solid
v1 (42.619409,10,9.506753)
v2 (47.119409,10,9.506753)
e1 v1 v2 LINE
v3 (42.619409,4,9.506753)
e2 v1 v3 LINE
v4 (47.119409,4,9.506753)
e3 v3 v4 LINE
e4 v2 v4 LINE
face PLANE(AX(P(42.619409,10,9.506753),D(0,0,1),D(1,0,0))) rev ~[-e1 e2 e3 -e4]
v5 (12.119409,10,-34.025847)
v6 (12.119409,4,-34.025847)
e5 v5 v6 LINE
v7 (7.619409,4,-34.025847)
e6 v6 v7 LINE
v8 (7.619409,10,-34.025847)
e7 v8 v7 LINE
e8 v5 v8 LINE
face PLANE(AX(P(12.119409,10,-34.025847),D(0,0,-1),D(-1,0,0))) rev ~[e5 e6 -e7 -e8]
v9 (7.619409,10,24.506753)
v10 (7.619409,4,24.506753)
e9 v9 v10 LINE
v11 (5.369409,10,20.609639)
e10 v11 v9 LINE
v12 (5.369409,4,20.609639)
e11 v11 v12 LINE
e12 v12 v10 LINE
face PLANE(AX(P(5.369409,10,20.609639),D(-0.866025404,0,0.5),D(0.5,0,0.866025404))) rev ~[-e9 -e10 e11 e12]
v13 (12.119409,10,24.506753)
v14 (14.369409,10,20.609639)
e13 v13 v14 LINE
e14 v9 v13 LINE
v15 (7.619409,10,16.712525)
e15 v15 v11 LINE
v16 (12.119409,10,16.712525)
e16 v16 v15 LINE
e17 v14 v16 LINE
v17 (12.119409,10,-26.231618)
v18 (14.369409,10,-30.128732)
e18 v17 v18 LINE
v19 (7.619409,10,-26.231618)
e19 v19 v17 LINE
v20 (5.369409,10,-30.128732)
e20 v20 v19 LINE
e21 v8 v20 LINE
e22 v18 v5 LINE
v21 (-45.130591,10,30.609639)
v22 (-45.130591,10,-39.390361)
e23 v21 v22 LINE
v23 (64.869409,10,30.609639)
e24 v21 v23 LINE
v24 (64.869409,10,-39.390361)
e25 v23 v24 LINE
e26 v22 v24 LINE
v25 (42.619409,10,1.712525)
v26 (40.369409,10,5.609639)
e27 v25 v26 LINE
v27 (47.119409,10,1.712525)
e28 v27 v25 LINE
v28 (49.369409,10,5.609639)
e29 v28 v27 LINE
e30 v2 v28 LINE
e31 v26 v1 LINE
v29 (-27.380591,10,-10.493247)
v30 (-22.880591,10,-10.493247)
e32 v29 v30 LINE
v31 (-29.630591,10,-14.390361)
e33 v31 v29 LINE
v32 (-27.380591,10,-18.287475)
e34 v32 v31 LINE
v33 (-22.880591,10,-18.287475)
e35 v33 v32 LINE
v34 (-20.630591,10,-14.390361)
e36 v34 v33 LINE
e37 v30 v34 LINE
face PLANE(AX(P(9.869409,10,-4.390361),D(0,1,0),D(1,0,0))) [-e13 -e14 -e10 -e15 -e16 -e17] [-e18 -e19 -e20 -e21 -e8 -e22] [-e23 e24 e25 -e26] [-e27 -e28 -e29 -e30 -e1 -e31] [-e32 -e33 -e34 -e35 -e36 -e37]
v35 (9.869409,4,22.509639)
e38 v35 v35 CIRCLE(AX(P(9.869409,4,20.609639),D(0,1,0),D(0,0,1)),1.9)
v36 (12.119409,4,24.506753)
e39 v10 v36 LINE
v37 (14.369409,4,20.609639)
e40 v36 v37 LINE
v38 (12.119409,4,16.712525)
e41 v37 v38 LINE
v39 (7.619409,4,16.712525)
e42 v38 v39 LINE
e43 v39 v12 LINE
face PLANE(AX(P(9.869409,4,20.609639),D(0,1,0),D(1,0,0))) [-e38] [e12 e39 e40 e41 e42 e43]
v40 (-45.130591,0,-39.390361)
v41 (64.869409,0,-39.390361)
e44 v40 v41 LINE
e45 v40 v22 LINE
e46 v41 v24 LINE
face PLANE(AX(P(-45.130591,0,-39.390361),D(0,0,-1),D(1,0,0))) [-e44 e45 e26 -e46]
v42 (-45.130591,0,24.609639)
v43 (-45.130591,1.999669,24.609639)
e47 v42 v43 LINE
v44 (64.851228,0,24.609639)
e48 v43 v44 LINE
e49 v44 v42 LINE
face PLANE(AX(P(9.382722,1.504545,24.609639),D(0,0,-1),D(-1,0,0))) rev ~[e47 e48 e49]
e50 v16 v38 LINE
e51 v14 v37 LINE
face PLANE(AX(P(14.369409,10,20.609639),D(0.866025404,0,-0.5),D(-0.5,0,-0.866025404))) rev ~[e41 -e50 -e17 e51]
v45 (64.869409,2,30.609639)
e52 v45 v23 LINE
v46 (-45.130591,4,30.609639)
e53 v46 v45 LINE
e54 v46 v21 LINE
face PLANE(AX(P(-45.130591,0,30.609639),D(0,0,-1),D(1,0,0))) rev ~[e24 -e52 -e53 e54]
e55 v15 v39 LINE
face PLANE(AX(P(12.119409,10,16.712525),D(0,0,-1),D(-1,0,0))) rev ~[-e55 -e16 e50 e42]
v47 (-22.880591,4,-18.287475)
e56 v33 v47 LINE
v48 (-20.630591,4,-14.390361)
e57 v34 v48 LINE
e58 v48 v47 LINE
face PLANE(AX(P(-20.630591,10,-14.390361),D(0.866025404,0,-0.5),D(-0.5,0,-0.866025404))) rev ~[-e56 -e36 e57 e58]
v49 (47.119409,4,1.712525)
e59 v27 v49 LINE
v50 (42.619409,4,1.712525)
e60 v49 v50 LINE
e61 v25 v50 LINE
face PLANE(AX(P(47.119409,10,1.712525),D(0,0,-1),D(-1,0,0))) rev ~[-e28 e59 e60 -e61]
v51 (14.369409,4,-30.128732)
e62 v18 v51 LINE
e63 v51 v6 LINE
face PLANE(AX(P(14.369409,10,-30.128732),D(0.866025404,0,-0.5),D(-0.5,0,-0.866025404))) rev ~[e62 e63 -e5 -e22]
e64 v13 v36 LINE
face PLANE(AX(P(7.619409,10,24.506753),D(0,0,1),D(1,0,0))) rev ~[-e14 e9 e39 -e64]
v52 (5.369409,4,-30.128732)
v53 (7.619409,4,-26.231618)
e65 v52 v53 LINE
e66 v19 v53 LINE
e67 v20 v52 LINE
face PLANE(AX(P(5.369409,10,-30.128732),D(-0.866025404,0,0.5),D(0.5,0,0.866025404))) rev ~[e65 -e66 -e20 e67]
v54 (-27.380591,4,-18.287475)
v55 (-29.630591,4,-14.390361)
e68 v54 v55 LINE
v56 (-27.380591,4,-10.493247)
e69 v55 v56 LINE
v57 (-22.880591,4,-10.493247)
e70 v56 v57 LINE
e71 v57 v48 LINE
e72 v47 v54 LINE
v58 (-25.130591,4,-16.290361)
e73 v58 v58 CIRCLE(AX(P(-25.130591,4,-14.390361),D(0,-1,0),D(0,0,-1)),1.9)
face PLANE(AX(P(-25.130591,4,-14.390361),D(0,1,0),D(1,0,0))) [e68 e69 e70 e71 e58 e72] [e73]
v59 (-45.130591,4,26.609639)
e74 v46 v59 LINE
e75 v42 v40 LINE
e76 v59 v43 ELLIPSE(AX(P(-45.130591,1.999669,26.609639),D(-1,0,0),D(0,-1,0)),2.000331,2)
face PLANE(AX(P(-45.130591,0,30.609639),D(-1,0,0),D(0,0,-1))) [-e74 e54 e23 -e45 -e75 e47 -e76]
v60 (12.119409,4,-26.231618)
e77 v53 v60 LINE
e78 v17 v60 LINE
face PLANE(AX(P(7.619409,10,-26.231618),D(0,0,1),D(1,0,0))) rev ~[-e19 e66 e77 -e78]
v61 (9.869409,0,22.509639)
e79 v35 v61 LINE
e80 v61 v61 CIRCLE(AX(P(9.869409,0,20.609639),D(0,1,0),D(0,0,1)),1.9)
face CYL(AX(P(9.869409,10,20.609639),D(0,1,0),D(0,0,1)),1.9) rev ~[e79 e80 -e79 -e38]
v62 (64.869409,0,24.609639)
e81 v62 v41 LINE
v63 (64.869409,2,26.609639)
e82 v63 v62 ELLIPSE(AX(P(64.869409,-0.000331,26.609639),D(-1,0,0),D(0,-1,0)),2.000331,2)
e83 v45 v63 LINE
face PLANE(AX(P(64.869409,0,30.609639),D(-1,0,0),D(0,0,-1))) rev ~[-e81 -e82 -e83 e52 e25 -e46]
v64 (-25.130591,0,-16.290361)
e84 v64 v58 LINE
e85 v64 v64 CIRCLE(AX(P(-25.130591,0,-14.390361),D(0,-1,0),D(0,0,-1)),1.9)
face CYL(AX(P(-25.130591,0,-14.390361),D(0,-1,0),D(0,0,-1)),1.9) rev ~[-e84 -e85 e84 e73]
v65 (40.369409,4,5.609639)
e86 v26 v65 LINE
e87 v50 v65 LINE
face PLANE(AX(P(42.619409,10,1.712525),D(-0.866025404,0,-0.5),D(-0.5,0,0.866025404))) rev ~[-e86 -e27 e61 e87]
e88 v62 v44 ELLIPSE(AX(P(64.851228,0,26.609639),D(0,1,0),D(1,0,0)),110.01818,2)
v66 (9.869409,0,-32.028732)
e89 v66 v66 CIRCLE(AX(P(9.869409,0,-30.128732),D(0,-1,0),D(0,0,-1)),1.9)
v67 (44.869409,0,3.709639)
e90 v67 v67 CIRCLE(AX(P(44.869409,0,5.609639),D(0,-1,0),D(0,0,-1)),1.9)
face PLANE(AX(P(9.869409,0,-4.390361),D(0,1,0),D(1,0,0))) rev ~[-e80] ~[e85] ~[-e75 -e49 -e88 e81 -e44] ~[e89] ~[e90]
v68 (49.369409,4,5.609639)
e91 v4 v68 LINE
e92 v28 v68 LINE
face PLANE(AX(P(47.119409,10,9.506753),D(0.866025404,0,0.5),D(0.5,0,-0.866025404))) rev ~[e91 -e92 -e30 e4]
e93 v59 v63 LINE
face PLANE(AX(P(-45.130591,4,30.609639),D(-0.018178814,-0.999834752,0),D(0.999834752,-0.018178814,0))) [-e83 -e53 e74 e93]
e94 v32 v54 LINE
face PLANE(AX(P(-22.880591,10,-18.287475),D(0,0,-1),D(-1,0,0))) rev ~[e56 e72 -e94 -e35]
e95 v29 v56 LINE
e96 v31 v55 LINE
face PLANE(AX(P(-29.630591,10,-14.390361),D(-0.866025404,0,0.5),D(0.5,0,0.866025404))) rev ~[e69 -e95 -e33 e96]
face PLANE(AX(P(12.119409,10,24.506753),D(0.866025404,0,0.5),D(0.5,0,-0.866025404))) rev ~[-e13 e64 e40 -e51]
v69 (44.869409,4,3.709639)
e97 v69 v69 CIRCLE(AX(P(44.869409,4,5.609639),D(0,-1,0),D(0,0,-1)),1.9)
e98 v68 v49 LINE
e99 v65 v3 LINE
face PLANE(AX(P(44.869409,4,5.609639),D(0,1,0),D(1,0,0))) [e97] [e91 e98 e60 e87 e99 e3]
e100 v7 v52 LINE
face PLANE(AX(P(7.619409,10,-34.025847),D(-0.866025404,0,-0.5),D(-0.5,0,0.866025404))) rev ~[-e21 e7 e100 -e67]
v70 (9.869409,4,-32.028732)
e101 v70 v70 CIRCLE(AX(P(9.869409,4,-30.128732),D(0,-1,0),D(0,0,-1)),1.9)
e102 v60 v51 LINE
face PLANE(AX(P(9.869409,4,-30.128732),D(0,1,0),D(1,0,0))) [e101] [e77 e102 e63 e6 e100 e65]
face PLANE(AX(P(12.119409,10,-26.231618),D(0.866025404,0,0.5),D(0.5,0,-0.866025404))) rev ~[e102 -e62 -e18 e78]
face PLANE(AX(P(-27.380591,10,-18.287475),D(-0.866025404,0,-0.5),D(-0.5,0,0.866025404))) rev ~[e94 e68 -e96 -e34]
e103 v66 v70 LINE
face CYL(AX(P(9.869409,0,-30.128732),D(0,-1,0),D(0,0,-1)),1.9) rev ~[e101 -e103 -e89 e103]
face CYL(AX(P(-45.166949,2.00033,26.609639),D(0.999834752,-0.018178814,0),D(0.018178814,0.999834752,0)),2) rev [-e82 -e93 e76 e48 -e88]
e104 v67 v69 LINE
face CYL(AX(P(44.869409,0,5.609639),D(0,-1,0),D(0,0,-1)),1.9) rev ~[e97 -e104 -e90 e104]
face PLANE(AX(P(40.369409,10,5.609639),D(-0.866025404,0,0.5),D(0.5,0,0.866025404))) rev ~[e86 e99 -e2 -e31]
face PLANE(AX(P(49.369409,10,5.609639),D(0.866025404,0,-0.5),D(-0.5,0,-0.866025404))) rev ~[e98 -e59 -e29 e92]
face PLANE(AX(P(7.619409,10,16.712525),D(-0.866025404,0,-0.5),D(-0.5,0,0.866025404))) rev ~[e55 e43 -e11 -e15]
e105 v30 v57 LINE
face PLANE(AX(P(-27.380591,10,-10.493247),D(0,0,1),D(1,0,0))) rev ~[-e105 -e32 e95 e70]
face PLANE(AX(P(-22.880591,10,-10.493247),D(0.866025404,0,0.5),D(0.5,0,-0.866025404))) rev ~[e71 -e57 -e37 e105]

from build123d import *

# Parameters (mm, degrees)
SKETCH1_W           = 110
SKETCH1_H           = 70
BOSS_EXTRUDE1_DEPTH = 10
SKETCH5_R           = 1.9
CUT_EXTRUDE4_DEPTH  = 77.548290163
CUT_EXTRUDE6_DEPTH  = 6
SKETCH17_R          = 1.9
CUT_EXTRUDE8_DEPTH  = 77.548290163
FILLET1_R           = 2
SKETCH24_R          = 1.9
CUT_EXTRUDE12_DEPTH = 77.548290163
SKETCH25_R          = 1.9
CUT_EXTRUDE13_DEPTH = 77.548290163
CUT_EXTRUDE15_DEPTH = 6
CUT_EXTRUDE16_DEPTH = 6
CUT_EXTRUDE17_DEPTH = 6
CUT_EXTRUDE18_DEPTH = 6


with BuildPart() as part:
    # Sketch1 → Boss-Extrude1 (new body)
    with BuildSketch(Plane(origin=(0, 0, 0), x_dir=(1, 0, 0), z_dir=(0, 1, 0))):
        with Locations((9.869408673, 4.390361071)):
            Rectangle(SKETCH1_W, SKETCH1_H)
    extrude(amount=BOSS_EXTRUDE1_DEPTH)

    # Sketch5 → Cut-Extrude4 (cut, through all)
    with BuildSketch(Plane(origin=(0, 10, 0), x_dir=(1, 0, 0), z_dir=(0, 1, 0))):
        with Locations(Location((9.869408673, -20.609638929, 0), (0, 0, 270))):
            Circle(SKETCH5_R)
    extrude(amount=-CUT_EXTRUDE4_DEPTH, mode=Mode.SUBTRACT)

    # Sketch14 → Cut-Extrude6 (cut)
    with BuildSketch(Plane.XY.offset(30.609638929)):
        Polygon((-45.130591327, 0), (-45.130591327, 4), (64.869408673, 2), (64.869408673, 0), align=None)
    extrude(amount=-CUT_EXTRUDE6_DEPTH, mode=Mode.SUBTRACT)

    # Sketch17 → Cut-Extrude8 (cut, through all)
    with BuildSketch(Plane(origin=(0, 0, 0), x_dir=(-1, 0, 0), z_dir=(0, -1, 0))):
        with Locations(Location((-9.869408673, 30.128732458, 0), (0, 0, 90))):
            Circle(SKETCH17_R)
    extrude(amount=-CUT_EXTRUDE8_DEPTH, mode=Mode.SUBTRACT)

    # Fillet1
    fillet1_edges = [part.edges().sort_by_distance(p)[0] for p in [
        (9.869408673, 3, 24.609638929),
    ]]
    fillet(fillet1_edges, radius=FILLET1_R)

    # Sketch24 → Cut-Extrude12 (cut, through all)
    with BuildSketch(Plane.XZ):
        with Locations(Location((44.869408673, 5.609638929, 0), (0, 0, 270))):
            Circle(SKETCH24_R)
    extrude(amount=-CUT_EXTRUDE12_DEPTH, mode=Mode.SUBTRACT)

    # Sketch25 → Cut-Extrude13 (cut, through all)
    with BuildSketch(Plane.XZ):
        with Locations(Location((-25.130591327, -14.390361071, 0), (0, 0, 270))):
            Circle(SKETCH25_R)
    extrude(amount=-CUT_EXTRUDE13_DEPTH, mode=Mode.SUBTRACT)

    # Sketch27 → Cut-Extrude15 (cut)
    with BuildSketch(Plane(origin=(0, 10, 0), x_dir=(1, 0, 0), z_dir=(0, 1, 0))):
        Polygon((14.369408673, 30.128732458), (12.119408673, 34.025846775), (7.619408673, 34.025846775), (5.369408673, 30.128732458), (7.619408673, 26.231618141), (12.119408673, 26.231618141), align=None)
    extrude(amount=-CUT_EXTRUDE15_DEPTH, mode=Mode.SUBTRACT)

    # Sketch30 → Cut-Extrude16 (cut)
    with BuildSketch(Plane(origin=(0, 10, 0), x_dir=(1, 0, 0), z_dir=(0, 1, 0))):
        Polygon((49.369408673, -5.609638929), (47.119408673, -1.712524612), (42.619408673, -1.712524612), (40.369408673, -5.609638929), (42.619408673, -9.506753246), (47.119408673, -9.506753246), align=None)
    extrude(amount=-CUT_EXTRUDE16_DEPTH, mode=Mode.SUBTRACT)

    # Sketch31 → Cut-Extrude17 (cut)
    with BuildSketch(Plane(origin=(0, 10, 0), x_dir=(1, 0, 0), z_dir=(0, 1, 0))):
        Polygon((14.369408673, -20.609638929), (12.119408673, -16.712524612), (7.619408673, -16.712524612), (5.369408673, -20.609638929), (7.619408673, -24.506753246), (12.119408673, -24.506753246), align=None)
    extrude(amount=-CUT_EXTRUDE17_DEPTH, mode=Mode.SUBTRACT)

    # Sketch32 → Cut-Extrude18 (cut)
    with BuildSketch(Plane(origin=(0, 10, 0), x_dir=(1, 0, 0), z_dir=(0, 1, 0))):
        Polygon((-20.630591327, 14.390361071), (-22.880591327, 18.287475388), (-27.380591327, 18.287475388), (-29.630591327, 14.390361071), (-27.380591327, 10.493246754), (-22.880591327, 10.493246754), align=None)
    extrude(amount=-CUT_EXTRUDE18_DEPTH, mode=Mode.SUBTRACT)


solid = part.part
